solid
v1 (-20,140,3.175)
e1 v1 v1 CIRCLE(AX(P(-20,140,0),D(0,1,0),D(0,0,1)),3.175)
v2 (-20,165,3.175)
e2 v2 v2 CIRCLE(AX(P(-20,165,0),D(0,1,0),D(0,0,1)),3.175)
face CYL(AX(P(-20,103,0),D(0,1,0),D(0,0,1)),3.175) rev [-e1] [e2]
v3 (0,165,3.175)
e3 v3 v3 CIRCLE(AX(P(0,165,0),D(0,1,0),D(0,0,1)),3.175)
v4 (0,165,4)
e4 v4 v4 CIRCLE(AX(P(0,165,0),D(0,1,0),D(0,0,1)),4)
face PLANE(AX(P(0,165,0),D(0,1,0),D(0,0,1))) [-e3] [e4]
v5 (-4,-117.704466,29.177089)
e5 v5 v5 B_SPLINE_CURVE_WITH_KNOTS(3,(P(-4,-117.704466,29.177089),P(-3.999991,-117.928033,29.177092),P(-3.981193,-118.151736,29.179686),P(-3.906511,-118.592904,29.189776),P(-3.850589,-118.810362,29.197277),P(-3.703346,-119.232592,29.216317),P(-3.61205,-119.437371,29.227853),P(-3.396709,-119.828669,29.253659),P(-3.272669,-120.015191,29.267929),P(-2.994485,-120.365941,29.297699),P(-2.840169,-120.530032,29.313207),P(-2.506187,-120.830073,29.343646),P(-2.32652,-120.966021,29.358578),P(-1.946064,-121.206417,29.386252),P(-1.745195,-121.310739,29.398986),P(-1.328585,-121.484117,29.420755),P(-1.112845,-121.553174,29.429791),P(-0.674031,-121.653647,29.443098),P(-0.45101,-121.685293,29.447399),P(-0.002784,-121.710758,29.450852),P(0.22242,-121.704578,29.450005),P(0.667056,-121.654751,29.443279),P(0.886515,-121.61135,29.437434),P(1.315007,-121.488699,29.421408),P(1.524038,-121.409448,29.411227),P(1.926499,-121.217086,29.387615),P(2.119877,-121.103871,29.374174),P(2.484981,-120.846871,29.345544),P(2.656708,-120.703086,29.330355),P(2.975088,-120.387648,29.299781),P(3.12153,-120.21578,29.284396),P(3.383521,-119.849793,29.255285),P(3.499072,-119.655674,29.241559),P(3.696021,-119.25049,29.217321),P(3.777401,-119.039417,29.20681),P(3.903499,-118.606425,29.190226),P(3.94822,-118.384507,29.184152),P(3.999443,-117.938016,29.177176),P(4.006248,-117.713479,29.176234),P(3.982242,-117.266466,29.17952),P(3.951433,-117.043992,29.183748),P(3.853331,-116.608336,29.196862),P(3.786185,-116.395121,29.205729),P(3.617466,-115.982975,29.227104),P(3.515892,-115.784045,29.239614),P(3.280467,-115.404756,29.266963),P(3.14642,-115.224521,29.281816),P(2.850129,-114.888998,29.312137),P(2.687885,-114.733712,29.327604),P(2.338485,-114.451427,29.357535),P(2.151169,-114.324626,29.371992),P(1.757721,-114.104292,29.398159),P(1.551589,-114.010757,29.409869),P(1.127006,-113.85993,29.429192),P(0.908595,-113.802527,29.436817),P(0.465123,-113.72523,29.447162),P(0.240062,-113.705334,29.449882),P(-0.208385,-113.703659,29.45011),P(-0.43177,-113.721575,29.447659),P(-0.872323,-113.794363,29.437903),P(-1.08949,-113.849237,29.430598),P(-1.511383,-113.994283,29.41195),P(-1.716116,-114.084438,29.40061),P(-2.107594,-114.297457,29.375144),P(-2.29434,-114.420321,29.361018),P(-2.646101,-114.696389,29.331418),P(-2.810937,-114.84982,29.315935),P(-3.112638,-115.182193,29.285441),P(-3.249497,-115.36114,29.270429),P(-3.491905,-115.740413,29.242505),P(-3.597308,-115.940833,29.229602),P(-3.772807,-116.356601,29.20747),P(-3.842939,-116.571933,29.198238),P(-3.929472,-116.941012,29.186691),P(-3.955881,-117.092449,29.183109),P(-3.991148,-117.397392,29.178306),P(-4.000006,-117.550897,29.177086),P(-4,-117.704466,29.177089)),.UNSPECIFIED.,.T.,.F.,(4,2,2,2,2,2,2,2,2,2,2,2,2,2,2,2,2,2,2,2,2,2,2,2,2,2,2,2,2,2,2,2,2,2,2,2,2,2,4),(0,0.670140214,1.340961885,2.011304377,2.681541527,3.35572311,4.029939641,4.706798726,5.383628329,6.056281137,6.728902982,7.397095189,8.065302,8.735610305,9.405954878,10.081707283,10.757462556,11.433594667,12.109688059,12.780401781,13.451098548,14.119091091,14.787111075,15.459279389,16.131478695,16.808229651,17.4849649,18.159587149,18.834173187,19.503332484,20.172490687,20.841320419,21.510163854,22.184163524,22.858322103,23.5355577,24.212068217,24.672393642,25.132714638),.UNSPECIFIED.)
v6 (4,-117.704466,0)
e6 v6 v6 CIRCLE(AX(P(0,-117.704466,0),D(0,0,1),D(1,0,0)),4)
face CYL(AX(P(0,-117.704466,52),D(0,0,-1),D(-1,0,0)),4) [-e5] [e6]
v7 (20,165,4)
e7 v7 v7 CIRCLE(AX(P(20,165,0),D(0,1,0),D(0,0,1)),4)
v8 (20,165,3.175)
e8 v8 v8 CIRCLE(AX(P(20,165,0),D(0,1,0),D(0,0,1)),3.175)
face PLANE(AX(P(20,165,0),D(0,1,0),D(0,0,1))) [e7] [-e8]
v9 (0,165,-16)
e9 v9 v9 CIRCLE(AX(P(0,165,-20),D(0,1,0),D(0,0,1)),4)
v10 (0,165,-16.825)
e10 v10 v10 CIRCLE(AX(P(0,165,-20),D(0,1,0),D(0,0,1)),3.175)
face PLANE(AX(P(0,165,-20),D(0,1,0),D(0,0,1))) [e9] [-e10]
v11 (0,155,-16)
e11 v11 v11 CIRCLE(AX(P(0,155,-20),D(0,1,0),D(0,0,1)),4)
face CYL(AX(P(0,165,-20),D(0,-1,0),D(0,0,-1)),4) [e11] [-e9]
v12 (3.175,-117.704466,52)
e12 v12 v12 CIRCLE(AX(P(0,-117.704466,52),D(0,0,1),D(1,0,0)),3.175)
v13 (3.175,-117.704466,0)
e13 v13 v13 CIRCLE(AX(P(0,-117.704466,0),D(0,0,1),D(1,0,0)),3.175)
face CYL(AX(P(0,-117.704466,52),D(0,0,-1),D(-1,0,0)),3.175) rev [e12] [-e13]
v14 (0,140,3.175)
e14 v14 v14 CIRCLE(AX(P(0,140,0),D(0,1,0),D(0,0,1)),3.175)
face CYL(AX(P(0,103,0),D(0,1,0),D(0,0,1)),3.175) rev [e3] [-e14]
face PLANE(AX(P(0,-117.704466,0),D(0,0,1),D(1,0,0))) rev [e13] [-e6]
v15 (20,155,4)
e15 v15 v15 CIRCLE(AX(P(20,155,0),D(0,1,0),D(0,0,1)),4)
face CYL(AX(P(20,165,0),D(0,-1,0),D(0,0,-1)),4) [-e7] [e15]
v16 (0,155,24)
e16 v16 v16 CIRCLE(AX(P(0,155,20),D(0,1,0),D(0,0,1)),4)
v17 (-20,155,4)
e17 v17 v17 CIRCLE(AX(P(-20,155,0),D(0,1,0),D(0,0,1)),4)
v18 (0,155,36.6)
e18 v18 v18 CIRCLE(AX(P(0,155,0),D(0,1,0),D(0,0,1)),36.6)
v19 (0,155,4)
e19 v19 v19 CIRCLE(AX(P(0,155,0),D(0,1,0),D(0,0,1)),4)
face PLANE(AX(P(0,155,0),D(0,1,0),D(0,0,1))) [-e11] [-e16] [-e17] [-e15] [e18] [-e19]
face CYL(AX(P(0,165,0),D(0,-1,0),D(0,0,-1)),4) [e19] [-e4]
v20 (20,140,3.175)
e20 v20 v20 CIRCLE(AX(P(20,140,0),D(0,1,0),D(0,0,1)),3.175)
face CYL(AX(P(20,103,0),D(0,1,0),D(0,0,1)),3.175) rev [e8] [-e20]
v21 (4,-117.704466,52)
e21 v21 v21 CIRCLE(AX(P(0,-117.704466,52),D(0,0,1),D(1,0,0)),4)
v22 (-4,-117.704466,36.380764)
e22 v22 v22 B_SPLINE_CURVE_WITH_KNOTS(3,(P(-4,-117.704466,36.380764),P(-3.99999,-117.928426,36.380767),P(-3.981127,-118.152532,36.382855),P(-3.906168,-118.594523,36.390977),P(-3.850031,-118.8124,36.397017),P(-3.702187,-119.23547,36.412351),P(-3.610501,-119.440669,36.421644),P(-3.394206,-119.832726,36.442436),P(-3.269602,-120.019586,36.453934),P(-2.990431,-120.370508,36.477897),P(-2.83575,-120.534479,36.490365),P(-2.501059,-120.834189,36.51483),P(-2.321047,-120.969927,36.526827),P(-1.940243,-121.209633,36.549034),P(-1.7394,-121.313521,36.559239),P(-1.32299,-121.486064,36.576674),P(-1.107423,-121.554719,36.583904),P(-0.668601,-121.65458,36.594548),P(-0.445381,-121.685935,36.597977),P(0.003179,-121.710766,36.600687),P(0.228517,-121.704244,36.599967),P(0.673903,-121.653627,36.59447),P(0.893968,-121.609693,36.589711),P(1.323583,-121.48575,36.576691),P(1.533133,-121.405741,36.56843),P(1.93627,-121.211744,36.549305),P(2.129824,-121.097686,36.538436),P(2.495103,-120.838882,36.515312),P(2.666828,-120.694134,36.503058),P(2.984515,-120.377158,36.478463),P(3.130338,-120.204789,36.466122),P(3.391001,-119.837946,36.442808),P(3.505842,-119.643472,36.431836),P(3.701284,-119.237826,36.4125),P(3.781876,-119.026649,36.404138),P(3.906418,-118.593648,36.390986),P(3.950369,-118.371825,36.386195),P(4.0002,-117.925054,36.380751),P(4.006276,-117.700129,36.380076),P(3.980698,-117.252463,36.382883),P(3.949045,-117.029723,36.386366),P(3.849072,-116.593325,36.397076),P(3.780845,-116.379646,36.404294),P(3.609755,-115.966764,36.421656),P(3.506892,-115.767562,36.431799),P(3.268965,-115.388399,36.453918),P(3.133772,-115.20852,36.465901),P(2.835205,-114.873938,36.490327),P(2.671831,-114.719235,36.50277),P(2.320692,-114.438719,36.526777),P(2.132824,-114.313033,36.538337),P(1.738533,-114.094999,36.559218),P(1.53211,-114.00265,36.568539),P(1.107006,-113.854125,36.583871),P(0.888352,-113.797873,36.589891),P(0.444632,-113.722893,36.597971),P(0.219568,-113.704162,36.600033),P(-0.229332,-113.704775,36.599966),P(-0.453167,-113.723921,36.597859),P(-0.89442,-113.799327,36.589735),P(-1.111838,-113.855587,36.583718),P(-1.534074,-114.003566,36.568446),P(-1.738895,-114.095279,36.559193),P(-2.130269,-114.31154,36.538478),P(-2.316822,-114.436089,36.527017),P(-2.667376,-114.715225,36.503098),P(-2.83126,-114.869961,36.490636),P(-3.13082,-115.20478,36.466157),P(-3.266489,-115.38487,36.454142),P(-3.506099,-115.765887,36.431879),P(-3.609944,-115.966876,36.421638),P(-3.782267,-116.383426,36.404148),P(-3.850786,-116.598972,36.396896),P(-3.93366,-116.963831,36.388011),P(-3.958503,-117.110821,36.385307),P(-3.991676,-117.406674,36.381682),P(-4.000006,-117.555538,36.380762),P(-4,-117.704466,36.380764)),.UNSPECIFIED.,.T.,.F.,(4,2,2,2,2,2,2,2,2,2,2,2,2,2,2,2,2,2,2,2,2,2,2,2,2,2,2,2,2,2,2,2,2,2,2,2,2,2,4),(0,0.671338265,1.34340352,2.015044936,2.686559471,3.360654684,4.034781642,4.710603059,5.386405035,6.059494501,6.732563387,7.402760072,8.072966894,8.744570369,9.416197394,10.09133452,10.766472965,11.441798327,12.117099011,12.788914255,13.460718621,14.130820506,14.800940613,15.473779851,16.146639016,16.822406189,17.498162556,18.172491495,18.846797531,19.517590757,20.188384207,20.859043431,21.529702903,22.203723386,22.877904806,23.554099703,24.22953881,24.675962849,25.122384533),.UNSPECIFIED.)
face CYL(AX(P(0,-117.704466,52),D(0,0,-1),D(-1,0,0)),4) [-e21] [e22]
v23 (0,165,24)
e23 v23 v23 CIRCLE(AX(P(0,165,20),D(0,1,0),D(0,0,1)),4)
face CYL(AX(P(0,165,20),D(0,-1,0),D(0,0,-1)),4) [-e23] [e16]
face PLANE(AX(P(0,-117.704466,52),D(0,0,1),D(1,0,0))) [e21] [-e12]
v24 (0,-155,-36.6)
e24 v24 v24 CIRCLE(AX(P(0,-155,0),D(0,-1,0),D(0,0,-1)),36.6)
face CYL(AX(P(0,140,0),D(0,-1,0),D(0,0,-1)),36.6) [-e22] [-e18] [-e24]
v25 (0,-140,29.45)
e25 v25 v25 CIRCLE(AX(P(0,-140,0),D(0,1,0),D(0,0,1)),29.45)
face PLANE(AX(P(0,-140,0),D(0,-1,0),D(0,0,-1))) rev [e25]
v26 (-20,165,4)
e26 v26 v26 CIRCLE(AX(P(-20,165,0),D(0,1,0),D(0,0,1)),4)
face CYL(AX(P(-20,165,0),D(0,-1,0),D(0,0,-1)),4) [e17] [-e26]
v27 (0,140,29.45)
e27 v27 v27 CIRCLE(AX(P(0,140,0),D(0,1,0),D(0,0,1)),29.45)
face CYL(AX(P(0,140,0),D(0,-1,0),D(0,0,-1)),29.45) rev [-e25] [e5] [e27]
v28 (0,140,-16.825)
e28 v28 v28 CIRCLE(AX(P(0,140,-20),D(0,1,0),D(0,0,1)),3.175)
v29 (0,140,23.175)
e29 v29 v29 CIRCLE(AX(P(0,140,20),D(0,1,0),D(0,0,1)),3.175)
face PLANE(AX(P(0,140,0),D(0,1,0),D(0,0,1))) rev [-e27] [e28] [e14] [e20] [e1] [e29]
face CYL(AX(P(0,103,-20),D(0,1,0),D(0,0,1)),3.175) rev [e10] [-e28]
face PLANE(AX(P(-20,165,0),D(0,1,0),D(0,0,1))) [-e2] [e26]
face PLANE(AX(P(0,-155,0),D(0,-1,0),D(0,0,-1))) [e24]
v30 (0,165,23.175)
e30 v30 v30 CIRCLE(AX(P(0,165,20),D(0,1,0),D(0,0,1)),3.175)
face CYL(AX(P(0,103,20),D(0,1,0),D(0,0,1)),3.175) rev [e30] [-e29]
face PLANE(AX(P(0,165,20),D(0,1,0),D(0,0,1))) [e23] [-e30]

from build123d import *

# Parameters (mm, degrees)
SKETCH2_R           = 36.6
SKETCH2_R_2         = 29.45
BOSS_EXTRUDE1_DEPTH = 140
SKETCH3_R           = 36.6
BOSS_EXTRUDE2_DEPTH = 15
SKETCH5_R           = 3.175
CUT_EXTRUDE1_DEPTH  = 52
SKETCH6_R           = 4
SKETCH6_R_2         = 3.175
BOSS_EXTRUDE4_DEPTH = 52
SKETCH7_R           = 3.175
CUT_EXTRUDE2_DEPTH  = 52
SKETCH8_R           = 4
SKETCH8_R_2         = 3.175
BOSS_EXTRUDE5_DEPTH = 10
SKETCH4_R           = 36.6
BOSS_EXTRUDE3_DEPTH = 15


with BuildPart() as part:
    # Sketch2 → Boss-Extrude1 (new body, symmetric)
    with BuildSketch(Plane(origin=(0, 0, 0), x_dir=(1, 0, 0), z_dir=(0, 1, 0))):
        Circle(SKETCH2_R)
        Circle(SKETCH2_R_2, mode=Mode.SUBTRACT)
    extrude(amount=BOSS_EXTRUDE1_DEPTH, both=True)

    # Sketch3 → Boss-Extrude2 (add)
    with BuildSketch(Plane(origin=(0, 140, 0), x_dir=(1, 0, 0), z_dir=(0, 1, 0))):
        Circle(SKETCH3_R)
    extrude(amount=BOSS_EXTRUDE2_DEPTH)

    # Sketch5 → Cut-Extrude1 (cut)
    with BuildSketch(Plane.XY):
        with Locations((0, -117.704465643)):
            Circle(SKETCH5_R)
    extrude(amount=CUT_EXTRUDE1_DEPTH, mode=Mode.SUBTRACT)

    # Sketch6 → Boss-Extrude4 (add)
    with BuildSketch(Plane.XY):
        with Locations((0, -117.704465643)):
            Circle(SKETCH6_R)
        with Locations((0, -117.704465643)):
            Circle(SKETCH6_R_2, mode=Mode.SUBTRACT)
    extrude(amount=BOSS_EXTRUDE4_DEPTH)

    # Sketch7 → Cut-Extrude2 (cut)
    with BuildSketch(Plane(origin=(0, 155, 0), x_dir=(1, 0, 0), z_dir=(0, 1, 0))):
        with Locations((0, 20)):
            Circle(SKETCH7_R)
        Circle(SKETCH7_R)
        with Locations((-20, 0)):
            Circle(SKETCH7_R)
        with Locations((20, 0)):
            Circle(SKETCH7_R)
        with Locations((0, -20)):
            Circle(SKETCH7_R)
    extrude(amount=-CUT_EXTRUDE2_DEPTH, mode=Mode.SUBTRACT)

    # Sketch8 → Boss-Extrude5 (add)
    with BuildSketch(Plane(origin=(0, 155, 0), x_dir=(1, 0, 0), z_dir=(0, 1, 0))):
        Circle(SKETCH8_R)
        Circle(SKETCH8_R_2, mode=Mode.SUBTRACT)
        with Locations((0, 20)):
            Circle(SKETCH8_R)
        with Locations((0, 20)):
            Circle(SKETCH8_R_2, mode=Mode.SUBTRACT)
        with Locations((20, 0)):
            Circle(SKETCH8_R)
        with Locations((20, 0)):
            Circle(SKETCH8_R_2, mode=Mode.SUBTRACT)
        with Locations((-20, 0)):
            Circle(SKETCH8_R)
        with Locations((-20, 0)):
            Circle(SKETCH8_R_2, mode=Mode.SUBTRACT)
        with Locations((0, -20)):
            Circle(SKETCH8_R)
        with Locations((0, -20)):
            Circle(SKETCH8_R_2, mode=Mode.SUBTRACT)
    extrude(amount=BOSS_EXTRUDE5_DEPTH)

    # Sketch4 → Boss-Extrude3 (add)
    with BuildSketch(Plane.XZ.offset(140)):
        Circle(SKETCH4_R)
    extrude(amount=BOSS_EXTRUDE3_DEPTH)


solid = part.part
